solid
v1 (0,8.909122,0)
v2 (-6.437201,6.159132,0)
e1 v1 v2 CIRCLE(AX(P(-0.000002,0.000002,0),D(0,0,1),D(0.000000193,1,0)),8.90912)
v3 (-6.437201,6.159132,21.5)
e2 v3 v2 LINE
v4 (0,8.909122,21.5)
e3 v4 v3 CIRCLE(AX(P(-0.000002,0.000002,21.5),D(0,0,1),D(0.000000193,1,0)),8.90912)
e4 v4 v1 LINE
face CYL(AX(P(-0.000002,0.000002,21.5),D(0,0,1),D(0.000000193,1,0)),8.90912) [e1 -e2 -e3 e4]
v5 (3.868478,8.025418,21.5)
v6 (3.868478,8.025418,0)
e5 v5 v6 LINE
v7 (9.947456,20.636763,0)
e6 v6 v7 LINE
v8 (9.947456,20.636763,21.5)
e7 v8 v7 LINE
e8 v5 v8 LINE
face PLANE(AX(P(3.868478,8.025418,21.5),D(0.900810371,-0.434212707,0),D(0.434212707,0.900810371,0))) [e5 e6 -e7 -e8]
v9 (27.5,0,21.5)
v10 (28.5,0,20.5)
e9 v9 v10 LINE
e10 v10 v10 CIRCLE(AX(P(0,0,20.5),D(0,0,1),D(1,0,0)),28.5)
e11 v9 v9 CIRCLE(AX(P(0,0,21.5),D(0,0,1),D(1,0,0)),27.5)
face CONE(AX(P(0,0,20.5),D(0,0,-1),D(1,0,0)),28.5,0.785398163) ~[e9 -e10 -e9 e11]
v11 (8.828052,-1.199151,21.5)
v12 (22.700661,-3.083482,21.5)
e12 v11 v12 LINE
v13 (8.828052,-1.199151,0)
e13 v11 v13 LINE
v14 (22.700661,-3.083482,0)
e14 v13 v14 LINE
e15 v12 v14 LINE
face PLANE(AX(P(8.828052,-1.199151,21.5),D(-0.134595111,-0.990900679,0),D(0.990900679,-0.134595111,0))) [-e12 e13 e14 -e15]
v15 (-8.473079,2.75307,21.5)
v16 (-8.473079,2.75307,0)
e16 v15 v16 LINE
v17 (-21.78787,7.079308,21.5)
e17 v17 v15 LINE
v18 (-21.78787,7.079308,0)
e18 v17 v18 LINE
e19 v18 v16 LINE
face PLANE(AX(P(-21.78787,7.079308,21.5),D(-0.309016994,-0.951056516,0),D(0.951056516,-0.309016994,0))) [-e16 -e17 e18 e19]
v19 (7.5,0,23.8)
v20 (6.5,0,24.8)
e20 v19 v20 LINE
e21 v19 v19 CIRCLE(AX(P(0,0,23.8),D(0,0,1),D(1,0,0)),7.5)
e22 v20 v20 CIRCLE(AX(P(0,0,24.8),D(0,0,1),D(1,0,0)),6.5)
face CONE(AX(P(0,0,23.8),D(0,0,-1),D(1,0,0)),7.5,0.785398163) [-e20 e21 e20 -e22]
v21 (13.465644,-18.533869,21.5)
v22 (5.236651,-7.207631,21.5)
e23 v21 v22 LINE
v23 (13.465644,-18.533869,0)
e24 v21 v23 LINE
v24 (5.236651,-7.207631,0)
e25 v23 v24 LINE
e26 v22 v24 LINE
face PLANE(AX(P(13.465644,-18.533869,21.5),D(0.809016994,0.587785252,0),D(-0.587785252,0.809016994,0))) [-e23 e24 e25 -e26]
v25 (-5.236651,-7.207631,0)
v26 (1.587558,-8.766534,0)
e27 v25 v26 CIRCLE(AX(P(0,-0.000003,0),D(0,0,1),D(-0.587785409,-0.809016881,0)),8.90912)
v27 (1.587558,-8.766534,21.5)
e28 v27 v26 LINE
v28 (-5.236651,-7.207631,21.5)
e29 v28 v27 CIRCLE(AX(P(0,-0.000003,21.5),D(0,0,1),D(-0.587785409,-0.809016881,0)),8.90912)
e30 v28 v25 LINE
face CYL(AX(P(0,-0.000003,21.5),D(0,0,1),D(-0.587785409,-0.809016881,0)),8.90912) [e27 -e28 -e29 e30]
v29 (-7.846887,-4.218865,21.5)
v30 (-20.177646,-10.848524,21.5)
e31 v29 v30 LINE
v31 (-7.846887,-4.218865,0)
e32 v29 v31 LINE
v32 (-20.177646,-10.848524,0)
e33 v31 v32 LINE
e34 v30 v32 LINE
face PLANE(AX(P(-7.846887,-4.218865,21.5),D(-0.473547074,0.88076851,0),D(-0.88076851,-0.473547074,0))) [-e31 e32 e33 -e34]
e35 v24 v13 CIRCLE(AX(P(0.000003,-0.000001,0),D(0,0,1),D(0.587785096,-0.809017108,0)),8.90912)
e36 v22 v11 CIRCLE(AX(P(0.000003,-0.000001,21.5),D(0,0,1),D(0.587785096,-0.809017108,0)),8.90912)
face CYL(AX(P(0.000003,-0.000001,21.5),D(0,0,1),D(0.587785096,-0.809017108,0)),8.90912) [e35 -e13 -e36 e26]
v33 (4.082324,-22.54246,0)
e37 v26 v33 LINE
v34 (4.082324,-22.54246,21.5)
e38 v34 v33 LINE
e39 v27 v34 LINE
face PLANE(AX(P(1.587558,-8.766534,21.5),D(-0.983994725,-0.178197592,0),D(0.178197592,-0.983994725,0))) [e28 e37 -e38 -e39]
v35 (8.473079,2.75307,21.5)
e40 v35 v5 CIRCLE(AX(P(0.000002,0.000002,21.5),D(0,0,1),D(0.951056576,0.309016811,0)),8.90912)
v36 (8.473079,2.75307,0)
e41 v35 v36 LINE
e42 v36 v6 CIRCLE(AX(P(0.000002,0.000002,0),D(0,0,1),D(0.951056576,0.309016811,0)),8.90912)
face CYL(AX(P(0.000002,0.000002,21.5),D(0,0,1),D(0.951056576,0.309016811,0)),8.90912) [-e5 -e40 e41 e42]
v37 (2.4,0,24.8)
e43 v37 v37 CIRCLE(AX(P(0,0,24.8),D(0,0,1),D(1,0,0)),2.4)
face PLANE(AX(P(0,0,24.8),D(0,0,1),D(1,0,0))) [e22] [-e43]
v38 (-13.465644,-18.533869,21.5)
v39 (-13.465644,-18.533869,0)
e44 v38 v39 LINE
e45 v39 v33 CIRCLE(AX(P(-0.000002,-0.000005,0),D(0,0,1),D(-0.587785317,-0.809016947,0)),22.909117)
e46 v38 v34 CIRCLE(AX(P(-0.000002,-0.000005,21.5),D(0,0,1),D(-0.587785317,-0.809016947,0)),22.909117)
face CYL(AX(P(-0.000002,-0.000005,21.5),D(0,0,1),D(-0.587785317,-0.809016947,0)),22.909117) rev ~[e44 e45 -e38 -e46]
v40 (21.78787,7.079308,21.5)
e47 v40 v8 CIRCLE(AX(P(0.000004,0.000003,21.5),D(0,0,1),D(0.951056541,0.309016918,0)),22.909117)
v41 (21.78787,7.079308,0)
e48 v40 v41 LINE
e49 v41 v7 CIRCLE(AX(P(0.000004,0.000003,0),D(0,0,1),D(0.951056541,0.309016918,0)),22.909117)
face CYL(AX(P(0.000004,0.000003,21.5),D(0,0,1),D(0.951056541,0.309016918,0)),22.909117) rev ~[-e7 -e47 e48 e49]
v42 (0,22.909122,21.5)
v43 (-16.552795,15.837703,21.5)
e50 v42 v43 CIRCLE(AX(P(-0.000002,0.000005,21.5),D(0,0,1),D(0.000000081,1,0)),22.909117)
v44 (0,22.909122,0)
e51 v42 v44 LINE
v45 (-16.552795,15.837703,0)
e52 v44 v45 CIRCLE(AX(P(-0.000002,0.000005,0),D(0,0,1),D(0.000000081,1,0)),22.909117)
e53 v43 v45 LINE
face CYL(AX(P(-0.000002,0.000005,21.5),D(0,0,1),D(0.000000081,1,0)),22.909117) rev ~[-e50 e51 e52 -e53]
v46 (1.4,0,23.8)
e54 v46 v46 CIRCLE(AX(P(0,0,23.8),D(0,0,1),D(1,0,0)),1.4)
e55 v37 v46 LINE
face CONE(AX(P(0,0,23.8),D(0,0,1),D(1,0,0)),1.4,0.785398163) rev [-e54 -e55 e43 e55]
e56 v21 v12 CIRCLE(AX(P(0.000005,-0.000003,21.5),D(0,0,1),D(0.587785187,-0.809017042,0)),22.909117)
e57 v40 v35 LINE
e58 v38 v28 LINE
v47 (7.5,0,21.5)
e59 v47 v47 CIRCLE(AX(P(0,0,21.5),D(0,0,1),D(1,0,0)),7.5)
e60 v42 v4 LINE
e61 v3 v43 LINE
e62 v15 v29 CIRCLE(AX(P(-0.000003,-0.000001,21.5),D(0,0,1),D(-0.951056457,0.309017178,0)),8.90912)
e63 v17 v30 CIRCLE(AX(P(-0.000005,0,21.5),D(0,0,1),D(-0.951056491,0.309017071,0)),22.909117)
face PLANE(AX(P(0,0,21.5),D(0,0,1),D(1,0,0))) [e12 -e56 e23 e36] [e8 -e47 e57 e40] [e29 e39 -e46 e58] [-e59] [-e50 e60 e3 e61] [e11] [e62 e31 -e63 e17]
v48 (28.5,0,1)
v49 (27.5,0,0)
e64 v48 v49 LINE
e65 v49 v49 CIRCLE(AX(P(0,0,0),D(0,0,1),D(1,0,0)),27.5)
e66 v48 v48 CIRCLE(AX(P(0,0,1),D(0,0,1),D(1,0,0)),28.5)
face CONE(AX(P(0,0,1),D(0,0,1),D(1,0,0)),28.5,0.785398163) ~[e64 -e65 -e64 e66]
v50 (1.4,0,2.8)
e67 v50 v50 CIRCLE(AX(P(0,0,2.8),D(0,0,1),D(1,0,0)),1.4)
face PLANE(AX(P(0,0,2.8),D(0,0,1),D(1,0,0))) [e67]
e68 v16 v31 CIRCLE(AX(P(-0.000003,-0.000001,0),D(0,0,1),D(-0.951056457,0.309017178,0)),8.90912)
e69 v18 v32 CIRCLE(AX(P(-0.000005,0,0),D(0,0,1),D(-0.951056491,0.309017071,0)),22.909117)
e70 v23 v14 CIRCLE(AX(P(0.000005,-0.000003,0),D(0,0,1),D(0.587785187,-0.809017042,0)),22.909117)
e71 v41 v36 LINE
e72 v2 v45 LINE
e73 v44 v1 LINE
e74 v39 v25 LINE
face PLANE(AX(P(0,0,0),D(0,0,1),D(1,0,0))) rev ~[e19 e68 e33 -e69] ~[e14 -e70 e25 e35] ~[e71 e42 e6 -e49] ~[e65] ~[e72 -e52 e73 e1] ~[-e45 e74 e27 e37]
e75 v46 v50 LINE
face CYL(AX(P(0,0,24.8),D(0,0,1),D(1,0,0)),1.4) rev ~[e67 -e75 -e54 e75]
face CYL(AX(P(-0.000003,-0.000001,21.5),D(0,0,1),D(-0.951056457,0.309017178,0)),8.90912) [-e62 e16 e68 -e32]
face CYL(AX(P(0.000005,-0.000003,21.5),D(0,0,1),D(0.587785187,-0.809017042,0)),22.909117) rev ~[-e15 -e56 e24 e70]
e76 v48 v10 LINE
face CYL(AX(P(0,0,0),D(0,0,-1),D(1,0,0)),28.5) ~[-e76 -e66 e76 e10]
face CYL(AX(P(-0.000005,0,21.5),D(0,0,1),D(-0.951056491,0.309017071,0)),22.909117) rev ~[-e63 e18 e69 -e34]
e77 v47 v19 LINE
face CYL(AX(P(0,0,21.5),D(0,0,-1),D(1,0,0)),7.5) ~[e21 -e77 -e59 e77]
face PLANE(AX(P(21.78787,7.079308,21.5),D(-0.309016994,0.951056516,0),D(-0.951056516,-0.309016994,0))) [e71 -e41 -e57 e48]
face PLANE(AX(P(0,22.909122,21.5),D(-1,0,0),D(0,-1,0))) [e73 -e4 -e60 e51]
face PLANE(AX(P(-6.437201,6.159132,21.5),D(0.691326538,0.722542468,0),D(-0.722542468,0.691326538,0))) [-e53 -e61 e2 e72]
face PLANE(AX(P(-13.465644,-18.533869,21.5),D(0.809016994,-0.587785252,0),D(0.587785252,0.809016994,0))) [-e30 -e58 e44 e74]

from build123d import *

# Parameters (mm, degrees)
SKETCH_R           = 28.5
PAD_DEPTH          = 21.5
SKETCH001_R        = 7.5
PAD001_DEPTH       = 3.3
SKETCH002_R        = 1.4
POCKET_DEPTH       = 22
POCKET001_DEPTH    = 190.178681
POLARPATTERN_COUNT = 5
CHAMFER_SIZE       = 1
CHAMFER001_SIZE    = 1
CHAMFER002_SIZE    = 1
CHAMFER003_SIZE    = 1


with BuildPart() as part:
    # Sketch → Pad (new body)
    with BuildSketch(Plane.XY):
        Circle(SKETCH_R)
    extrude(amount=PAD_DEPTH)

    # Sketch001 (on Face3 of Pad) → Pad001 (join)
    with BuildSketch(Plane.XY.offset(21.5)):
        Circle(SKETCH001_R)
    extrude(amount=PAD001_DEPTH)

    # Sketch002 (on Face5 of Pad001) → Pocket (cut)
    with BuildSketch(Plane.XY.offset(24.8)):
        Circle(SKETCH002_R)
    extrude(amount=-POCKET_DEPTH, mode=Mode.SUBTRACT)

    # Sketch003 (on Face3 of Pocket) → Pocket001 (cut, through all)
    with BuildSketch(Plane.XY.offset(21.5)):
        with BuildLine():
            Line((-6.437201, 6.159132), (-16.552795, 15.837703))
            ThreePointArc((0, 22.909122), (-9, 21.067223), (-16.552795, 15.837703))
            Line((0, 22.909122), (0, 8.909122))
            ThreePointArc((0, 8.909122), (-3.5, 8.19283), (-6.437201, 6.159132))
        make_face()
    pocket001 = extrude(amount=-POCKET001_DEPTH, mode=Mode.SUBTRACT)

    # PolarPattern: Pocket001 ×5 about axis
    polarpattern_axis = Axis((0, 0, 21.5), (0, 0, 1))
    for i in range(1, POLARPATTERN_COUNT):
        add(pocket001.rotate(polarpattern_axis, i * 360 / POLARPATTERN_COUNT), mode=Mode.SUBTRACT)

    # Chamfer
    chamfer_edges = [part.edges().sort_by_distance(p)[0] for p in [
        (-1.4, 0, 24.8),
    ]]
    chamfer(chamfer_edges, length=CHAMFER_SIZE)

    # Chamfer001
    chamfer001_edges = [part.edges().sort_by_distance(p)[0] for p in [
        (-28.5, 0, 21.5),
    ]]
    chamfer(chamfer001_edges, length=CHAMFER001_SIZE)

    # Chamfer002
    chamfer002_edges = [part.edges().sort_by_distance(p)[0] for p in [
        (-28.5, 0, 0),
    ]]
    chamfer(chamfer002_edges, length=CHAMFER002_SIZE)

    # Chamfer003
    chamfer003_edges = [part.edges().sort_by_distance(p)[0] for p in [
        (-7.5, 0, 24.8),
    ]]
    chamfer(chamfer003_edges, length=CHAMFER003_SIZE)


solid = part.part
